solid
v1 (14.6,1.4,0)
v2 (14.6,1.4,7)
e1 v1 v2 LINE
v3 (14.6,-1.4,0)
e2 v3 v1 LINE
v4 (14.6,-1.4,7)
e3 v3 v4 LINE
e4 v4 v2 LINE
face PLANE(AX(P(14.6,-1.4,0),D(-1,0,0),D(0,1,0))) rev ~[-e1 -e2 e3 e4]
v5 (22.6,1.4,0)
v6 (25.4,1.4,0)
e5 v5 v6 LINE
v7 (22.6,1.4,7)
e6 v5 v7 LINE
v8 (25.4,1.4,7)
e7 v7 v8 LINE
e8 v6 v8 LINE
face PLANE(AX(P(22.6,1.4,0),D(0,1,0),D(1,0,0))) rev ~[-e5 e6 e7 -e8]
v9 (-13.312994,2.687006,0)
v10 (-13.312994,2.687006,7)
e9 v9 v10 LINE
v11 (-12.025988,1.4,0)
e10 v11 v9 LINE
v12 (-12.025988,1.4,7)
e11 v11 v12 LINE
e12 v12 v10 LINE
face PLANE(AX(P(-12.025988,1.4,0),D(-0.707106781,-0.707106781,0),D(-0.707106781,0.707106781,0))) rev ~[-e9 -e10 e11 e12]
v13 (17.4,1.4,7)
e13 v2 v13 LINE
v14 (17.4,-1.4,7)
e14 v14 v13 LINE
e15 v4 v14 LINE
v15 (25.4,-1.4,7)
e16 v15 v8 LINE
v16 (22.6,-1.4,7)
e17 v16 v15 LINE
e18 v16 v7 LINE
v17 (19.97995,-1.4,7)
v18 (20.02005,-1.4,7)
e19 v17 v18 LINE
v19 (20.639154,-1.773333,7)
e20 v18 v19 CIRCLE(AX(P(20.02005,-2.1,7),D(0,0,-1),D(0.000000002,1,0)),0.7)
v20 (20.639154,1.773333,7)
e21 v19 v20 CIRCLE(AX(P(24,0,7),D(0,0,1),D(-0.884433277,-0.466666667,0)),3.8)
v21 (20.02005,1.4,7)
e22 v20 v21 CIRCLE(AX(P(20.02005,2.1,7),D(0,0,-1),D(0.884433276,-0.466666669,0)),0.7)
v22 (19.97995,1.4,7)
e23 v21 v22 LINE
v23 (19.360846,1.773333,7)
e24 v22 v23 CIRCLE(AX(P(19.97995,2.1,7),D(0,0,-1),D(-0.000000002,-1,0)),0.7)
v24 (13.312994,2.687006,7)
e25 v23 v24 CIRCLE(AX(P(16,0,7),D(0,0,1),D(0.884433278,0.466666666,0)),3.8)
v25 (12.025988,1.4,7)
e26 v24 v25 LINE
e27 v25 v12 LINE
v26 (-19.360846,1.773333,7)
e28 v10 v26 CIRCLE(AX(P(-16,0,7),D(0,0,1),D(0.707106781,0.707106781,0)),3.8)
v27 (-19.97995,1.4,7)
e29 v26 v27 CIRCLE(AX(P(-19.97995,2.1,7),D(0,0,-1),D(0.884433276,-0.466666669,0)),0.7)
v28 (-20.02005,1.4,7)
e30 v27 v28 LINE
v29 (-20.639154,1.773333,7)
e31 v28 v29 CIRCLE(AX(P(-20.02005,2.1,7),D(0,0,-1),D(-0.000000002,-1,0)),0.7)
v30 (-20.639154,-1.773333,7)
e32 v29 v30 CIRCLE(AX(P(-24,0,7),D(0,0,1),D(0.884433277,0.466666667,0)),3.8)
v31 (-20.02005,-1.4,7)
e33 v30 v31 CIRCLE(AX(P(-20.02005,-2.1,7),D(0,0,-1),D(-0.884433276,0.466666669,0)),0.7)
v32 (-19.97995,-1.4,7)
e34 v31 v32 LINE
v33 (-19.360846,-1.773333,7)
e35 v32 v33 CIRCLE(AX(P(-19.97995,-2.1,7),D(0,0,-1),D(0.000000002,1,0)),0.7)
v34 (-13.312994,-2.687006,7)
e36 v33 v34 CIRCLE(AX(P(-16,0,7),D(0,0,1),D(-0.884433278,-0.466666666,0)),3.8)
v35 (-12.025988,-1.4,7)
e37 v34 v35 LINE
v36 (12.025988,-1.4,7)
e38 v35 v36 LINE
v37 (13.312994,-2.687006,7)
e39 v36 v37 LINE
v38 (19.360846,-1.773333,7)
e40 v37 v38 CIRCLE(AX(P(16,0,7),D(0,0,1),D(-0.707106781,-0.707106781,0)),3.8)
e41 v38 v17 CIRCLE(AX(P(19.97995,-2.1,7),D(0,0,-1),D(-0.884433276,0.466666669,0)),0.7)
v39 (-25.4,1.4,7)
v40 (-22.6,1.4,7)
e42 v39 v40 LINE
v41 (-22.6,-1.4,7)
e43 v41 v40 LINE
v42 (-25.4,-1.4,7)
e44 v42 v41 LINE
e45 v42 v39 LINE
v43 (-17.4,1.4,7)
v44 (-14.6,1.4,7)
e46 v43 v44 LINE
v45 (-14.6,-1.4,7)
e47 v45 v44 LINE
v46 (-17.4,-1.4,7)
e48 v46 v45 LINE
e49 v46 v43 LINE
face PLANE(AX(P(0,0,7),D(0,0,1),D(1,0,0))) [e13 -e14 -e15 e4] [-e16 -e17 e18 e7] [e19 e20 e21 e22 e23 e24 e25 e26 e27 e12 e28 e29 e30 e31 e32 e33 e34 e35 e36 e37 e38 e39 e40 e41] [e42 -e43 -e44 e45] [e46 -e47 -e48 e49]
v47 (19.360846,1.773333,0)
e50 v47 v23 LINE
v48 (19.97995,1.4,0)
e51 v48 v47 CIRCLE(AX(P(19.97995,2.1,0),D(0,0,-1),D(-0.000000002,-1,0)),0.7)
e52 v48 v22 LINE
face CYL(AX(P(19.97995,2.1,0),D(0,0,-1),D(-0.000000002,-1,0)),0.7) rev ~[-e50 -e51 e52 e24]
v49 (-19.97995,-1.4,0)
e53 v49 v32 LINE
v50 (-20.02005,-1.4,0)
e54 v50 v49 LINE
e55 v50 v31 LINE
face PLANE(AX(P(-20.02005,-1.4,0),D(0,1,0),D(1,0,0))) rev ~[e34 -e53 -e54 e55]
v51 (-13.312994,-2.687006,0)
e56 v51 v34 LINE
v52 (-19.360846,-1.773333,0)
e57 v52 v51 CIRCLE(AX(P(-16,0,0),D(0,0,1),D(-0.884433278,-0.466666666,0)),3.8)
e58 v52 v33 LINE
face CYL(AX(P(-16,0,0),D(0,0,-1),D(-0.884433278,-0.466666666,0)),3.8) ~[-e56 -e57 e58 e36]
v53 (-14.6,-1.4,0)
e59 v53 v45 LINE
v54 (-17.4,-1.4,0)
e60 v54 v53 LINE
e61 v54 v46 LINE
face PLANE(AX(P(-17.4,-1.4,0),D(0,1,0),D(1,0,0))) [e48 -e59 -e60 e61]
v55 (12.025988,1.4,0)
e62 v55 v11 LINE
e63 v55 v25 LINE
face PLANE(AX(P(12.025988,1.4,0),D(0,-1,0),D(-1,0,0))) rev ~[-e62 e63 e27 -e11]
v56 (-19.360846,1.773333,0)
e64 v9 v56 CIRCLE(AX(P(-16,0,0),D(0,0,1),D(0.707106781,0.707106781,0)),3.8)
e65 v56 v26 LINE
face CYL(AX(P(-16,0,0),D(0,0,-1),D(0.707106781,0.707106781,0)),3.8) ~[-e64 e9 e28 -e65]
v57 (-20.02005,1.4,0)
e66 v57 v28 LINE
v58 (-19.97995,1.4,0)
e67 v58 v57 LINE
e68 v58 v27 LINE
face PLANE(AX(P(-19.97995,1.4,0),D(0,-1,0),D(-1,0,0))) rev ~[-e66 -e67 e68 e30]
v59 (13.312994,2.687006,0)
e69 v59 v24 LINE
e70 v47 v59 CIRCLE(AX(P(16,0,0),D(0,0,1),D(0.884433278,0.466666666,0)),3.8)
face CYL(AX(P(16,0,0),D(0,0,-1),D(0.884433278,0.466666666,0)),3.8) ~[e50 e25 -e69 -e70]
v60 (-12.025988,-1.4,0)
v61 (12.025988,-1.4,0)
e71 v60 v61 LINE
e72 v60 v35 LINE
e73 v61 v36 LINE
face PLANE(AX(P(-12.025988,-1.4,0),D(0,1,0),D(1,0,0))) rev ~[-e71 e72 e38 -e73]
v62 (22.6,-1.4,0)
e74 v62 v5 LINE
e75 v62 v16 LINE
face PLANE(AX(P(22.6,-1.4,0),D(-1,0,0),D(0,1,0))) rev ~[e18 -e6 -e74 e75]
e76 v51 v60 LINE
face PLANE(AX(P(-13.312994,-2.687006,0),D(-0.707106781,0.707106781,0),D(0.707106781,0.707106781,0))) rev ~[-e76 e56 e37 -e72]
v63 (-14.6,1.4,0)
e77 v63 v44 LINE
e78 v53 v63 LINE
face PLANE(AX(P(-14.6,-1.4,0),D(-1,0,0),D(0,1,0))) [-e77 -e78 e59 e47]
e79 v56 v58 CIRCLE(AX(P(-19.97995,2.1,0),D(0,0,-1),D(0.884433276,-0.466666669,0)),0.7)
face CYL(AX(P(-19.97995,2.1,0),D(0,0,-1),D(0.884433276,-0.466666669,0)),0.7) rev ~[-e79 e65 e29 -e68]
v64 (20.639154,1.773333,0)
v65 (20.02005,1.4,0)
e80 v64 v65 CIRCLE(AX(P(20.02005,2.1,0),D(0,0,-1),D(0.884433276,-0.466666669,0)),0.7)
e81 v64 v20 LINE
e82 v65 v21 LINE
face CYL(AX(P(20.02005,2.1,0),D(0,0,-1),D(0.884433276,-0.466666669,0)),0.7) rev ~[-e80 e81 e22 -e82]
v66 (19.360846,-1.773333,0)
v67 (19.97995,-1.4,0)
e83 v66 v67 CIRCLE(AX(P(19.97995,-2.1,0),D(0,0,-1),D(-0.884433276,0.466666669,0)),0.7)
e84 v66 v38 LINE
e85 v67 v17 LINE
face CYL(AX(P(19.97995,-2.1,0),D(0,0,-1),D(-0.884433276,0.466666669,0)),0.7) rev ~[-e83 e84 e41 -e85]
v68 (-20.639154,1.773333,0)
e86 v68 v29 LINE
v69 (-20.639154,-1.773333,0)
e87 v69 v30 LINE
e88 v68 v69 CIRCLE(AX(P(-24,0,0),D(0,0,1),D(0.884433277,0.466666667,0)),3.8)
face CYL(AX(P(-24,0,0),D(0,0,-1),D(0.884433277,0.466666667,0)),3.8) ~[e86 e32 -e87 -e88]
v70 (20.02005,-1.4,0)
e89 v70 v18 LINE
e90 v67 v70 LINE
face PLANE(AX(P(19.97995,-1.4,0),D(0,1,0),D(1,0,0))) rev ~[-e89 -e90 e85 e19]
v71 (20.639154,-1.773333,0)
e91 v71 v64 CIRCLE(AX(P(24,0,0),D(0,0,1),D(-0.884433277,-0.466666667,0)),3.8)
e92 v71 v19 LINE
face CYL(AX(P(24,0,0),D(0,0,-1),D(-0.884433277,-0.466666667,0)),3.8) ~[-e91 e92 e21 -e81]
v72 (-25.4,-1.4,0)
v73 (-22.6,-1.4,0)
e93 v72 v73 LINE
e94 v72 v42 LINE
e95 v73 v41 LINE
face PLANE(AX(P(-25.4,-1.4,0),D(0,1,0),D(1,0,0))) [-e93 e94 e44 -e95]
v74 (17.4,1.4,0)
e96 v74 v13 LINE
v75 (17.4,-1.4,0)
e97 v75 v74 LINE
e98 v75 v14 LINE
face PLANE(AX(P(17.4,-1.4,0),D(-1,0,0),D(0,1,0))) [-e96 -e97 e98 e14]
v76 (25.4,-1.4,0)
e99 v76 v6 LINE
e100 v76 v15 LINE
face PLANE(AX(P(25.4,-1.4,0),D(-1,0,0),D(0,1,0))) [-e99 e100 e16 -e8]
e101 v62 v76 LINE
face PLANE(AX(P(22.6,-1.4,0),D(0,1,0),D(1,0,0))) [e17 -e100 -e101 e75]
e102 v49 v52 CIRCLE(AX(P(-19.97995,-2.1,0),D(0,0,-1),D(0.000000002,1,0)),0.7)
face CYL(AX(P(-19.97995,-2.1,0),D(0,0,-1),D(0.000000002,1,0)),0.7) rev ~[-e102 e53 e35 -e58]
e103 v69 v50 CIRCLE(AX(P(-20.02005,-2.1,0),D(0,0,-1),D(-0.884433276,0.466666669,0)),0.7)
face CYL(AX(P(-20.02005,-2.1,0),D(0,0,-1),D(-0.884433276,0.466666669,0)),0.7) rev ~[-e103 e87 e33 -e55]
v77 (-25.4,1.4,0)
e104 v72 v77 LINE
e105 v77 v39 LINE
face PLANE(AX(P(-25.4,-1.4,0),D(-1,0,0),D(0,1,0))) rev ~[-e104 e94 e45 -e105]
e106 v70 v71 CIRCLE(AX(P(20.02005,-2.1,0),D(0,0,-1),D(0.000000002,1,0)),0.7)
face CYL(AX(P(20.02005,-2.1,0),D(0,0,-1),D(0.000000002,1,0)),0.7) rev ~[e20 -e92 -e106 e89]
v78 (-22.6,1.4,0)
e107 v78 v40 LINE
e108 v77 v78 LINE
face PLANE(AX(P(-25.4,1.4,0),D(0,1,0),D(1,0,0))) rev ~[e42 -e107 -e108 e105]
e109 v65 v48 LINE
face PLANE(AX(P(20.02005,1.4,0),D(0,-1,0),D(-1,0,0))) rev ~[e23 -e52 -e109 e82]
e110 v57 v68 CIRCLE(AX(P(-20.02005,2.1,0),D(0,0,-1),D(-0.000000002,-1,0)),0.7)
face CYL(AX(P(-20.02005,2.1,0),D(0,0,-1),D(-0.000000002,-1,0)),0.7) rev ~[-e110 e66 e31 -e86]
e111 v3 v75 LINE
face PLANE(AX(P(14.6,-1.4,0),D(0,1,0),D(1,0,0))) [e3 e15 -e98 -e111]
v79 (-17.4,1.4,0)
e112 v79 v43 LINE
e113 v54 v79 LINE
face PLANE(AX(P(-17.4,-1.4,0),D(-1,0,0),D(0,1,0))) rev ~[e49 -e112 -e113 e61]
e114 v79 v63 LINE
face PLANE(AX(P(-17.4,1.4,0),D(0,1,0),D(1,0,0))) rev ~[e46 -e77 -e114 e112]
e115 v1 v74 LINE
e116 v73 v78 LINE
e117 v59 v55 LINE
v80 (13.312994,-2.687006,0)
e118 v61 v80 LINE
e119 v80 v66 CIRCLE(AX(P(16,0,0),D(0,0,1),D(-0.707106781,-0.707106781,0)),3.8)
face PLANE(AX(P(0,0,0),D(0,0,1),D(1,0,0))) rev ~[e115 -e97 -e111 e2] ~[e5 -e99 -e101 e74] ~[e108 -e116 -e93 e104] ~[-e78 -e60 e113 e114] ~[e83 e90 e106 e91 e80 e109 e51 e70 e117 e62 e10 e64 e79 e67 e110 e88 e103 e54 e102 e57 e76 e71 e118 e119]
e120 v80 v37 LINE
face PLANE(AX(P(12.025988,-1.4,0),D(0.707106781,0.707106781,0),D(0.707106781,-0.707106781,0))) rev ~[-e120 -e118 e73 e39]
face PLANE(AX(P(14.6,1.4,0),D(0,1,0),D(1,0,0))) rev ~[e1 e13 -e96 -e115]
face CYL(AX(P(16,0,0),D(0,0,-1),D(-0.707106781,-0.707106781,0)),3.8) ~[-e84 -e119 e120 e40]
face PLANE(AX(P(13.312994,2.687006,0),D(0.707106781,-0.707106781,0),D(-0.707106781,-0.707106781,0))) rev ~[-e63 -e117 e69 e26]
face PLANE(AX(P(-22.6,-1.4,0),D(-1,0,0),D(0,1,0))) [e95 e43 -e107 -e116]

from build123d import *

# Parameters (mm, degrees)
ESBO_O1_W                = 2.8
ESBO_O1_H                = 2.8
RESSALTO_EXTRUS_O1_DEPTH = 7


with BuildPart() as part:
    # Esboço1 → Ressalto-extrusão1 (new body)
    with BuildSketch(Plane.XY):
        with BuildLine():
            Line((13.312994231, 2.687005769), (12.025988463, 1.4))
            Line((12.025988463, 1.4), (-12.025988463, 1.4))
            Line((-12.025988463, 1.4), (-13.312994231, 2.687005769))
            ThreePointArc((-13.312994231, 2.687005769), (-16.56763954, 3.75736415), (-19.360846454, 1.773333333))
            ThreePointArc((-19.360846454, 1.773333333), (-19.618471303, 1.500555813), (-19.979949748, 1.4))
            Line((-19.979949748, 1.4), (-20.020050252, 1.4))
            ThreePointArc((-20.020050252, 1.4), (-20.381528697, 1.500555813), (-20.639153546, 1.773333333))
            ThreePointArc((-20.639153546, 1.773333333), (-27.8, 0), (-20.639153546, -1.773333333))
            ThreePointArc((-20.639153546, -1.773333333), (-20.381528697, -1.500555813), (-20.020050252, -1.4))
            Line((-20.020050252, -1.4), (-19.979949748, -1.4))
            ThreePointArc((-19.979949748, -1.4), (-19.618471303, -1.500555813), (-19.360846454, -1.773333333))
            ThreePointArc((-19.360846454, -1.773333333), (-16.56763954, -3.75736415), (-13.312994231, -2.687005769))
            Line((-13.312994231, -2.687005769), (-12.025988463, -1.4))
            Line((-12.025988463, -1.4), (12.025988463, -1.4))
            Line((12.025988463, -1.4), (13.312994231, -2.687005769))
            ThreePointArc((13.312994231, -2.687005769), (16.56763954, -3.75736415), (19.360846454, -1.773333333))
            ThreePointArc((19.360846454, -1.773333333), (19.618471303, -1.500555813), (19.979949748, -1.4))
            Line((19.979949748, -1.4), (20.020050252, -1.4))
            ThreePointArc((20.020050252, -1.4), (20.381528697, -1.500555813), (20.639153546, -1.773333333))
            ThreePointArc((20.639153546, -1.773333333), (27.8, 0), (20.639153546, 1.773333333))
            ThreePointArc((20.639153546, 1.773333333), (20.381528697, 1.500555813), (20.020050252, 1.4))
            Line((20.020050252, 1.4), (19.979949748, 1.4))
            ThreePointArc((19.979949748, 1.4), (19.618471303, 1.500555813), (19.360846454, 1.773333333))
            ThreePointArc((19.360846454, 1.773333333), (16.56763954, 3.75736415), (13.312994231, 2.687005769))
        make_face()
        with Locations((16, 0)):
            Rectangle(ESBO_O1_W, ESBO_O1_H, mode=Mode.SUBTRACT)
        with Locations((24, 0)):
            Rectangle(ESBO_O1_W, ESBO_O1_H, mode=Mode.SUBTRACT)
        with Locations((-24, 0)):
            Rectangle(ESBO_O1_W, ESBO_O1_H, mode=Mode.SUBTRACT)
        with Locations((-16, 0)):
            Rectangle(ESBO_O1_W, ESBO_O1_H, mode=Mode.SUBTRACT)
    extrude(amount=RESSALTO_EXTRUS_O1_DEPTH)


solid = part.part
